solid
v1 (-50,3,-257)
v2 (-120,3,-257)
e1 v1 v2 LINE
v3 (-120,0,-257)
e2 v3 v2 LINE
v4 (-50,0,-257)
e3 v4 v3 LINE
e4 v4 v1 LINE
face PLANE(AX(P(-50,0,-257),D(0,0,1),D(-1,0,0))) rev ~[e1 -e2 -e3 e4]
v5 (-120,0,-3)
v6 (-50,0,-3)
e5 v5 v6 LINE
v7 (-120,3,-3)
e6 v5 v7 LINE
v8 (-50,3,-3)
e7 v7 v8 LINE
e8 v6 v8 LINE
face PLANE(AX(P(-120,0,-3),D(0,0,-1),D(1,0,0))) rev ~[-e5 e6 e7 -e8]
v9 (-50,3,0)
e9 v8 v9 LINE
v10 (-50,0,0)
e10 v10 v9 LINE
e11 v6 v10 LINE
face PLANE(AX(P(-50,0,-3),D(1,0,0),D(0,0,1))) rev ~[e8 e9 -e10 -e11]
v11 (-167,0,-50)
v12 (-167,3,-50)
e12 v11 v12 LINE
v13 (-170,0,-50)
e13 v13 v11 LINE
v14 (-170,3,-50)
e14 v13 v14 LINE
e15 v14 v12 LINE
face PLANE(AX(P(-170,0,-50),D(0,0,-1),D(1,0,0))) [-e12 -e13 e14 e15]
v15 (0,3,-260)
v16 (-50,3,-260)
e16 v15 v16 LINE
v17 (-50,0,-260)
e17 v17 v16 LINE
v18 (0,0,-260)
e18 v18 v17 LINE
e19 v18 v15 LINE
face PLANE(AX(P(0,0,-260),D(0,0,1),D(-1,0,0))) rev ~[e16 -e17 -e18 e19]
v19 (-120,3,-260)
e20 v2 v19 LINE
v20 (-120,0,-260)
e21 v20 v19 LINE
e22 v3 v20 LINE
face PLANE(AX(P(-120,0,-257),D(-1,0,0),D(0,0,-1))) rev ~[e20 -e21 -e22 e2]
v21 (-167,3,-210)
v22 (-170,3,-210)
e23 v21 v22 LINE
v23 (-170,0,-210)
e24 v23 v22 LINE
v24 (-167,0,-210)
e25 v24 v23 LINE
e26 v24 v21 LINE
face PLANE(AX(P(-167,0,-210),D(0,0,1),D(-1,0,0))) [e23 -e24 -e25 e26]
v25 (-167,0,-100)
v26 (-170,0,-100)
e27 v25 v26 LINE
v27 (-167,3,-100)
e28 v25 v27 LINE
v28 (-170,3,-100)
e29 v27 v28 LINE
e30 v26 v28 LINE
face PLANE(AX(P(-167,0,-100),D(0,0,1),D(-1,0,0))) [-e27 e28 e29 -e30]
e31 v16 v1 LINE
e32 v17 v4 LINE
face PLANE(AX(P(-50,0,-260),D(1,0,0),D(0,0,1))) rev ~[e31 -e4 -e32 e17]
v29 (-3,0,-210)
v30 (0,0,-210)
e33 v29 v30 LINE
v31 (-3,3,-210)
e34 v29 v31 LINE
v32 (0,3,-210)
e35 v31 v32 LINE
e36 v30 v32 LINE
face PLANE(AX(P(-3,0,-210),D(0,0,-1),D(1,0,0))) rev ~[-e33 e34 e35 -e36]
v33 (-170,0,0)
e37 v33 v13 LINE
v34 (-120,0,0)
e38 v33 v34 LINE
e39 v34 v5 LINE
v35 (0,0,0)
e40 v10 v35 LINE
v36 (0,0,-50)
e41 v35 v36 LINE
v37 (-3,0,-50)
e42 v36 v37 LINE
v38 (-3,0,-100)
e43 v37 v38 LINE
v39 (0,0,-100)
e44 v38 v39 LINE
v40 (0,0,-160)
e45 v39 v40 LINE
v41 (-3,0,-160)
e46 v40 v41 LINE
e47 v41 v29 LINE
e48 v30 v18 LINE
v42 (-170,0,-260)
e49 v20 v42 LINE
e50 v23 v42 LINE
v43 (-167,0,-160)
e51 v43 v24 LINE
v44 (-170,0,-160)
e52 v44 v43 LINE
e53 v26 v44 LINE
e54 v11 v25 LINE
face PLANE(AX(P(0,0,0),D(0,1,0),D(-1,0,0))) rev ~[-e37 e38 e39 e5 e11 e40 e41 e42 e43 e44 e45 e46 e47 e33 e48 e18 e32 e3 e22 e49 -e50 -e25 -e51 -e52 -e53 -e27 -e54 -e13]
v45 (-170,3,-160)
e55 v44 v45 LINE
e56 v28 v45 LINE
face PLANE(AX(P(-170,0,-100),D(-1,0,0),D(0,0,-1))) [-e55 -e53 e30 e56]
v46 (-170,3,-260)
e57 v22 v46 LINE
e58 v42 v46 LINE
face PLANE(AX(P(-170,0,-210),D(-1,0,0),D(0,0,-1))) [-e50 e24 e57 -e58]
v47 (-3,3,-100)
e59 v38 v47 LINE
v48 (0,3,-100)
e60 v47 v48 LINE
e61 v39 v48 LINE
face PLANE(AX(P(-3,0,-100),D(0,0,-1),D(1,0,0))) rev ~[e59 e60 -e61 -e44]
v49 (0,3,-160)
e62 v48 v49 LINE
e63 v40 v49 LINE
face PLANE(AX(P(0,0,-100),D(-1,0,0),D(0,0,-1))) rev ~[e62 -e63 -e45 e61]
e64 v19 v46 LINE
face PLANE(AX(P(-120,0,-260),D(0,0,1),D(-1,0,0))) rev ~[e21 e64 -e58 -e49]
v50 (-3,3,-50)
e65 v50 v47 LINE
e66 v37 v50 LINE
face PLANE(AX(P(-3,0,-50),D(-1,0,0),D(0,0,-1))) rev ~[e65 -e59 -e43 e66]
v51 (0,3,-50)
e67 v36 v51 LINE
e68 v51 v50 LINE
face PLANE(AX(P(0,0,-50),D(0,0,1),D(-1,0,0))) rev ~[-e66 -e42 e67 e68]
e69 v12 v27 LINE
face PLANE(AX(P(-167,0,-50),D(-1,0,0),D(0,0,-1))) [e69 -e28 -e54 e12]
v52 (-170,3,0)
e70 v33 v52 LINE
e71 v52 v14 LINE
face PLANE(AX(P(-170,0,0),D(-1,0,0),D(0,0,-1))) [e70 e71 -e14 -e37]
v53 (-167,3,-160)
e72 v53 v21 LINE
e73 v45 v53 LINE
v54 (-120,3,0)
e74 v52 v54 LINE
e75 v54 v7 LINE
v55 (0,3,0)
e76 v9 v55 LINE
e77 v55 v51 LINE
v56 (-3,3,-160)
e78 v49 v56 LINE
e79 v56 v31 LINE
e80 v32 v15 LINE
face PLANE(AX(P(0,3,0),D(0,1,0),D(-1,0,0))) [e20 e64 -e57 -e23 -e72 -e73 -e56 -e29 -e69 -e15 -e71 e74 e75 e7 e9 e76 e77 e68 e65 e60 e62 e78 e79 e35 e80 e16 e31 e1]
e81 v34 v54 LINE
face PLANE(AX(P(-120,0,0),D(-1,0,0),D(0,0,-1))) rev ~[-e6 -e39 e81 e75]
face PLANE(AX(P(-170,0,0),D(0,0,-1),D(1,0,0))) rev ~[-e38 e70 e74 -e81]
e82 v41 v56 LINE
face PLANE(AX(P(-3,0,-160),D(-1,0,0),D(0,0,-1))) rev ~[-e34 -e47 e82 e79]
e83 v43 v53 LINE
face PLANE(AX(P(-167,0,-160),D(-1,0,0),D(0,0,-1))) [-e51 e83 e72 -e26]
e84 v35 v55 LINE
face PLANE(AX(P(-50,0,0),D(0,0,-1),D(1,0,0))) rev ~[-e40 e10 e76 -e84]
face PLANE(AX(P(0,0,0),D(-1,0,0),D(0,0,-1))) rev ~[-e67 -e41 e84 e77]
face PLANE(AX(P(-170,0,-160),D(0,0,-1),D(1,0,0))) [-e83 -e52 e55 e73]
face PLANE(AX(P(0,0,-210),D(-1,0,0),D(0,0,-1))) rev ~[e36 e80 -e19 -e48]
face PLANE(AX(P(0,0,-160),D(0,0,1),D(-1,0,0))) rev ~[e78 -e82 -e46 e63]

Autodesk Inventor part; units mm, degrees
ref_plane "YZ Plane" through (0, 0, 0) normal (1, 0, 0) x (0, 1, 0)
ref_plane "XZ Plane" through (0, 0, 0) normal (0, 1, 0) x (-1, 0, 0)
ref_plane "XY Plane" through (0, 0, 0) normal (0, 0, 1) x (1, 0, 0)
sketch "Sketch2" plane through (0, 0, 0) normal (0, 1, 0) x (-1, 0, 0)
  line L0 (0, 0) -> (0, -50)
  line L1 (0, -50) -> (3, -50)
  line L2 (3, -50) -> (3, -100)
  line L3 (3, -100) -> (0, -100)
  line L4 (0, -100) -> (0, -160)
  line L5 (0, -160) -> (3, -160)
  line L6 (3, -160) -> (3, -210)
  line L7 (3, -210) -> (0, -210)
  line L8 (0, -210) -> (0, -260)
  line L9 (0, -260) -> (50, -260)
  line L10 (50, -260) -> (50, -257)
  line L11 (50, -257) -> (120, -257)
  line L12 (120, -257) -> (120, -260)
  line L13 (120, -260) -> (170, -260)
  line L14 (170, 0) -> (120, 0)
  line L15 (120, 0) -> (120, -3)
  line L16 (120, -3) -> (50, -3)
  line L17 (50, -3) -> (50, 0)
  line L18 (50, 0) -> (0, 0)
  line L19 (170, 0) -> (170, -50)
  line L20 (170, -50) -> (167, -50)
  line L21 (167, -50) -> (167, -100)
  line L22 (167, -100) -> (170, -100)
  line L23 (170, -100) -> (170, -160)
  line L24 (170, -160) -> (167, -160)
  line L25 (167, -160) -> (167, -210)
  line L26 (167, -210) -> (170, -210)
  line L27 (170, -210) -> (170, -260)
  dimension "d2" = 50
  dimension "d3" = 3
  dimension "d4" = 50
  dimension "d5" = 3
  dimension "d6" = 60
  dimension "d7" = 50
  dimension "d8" = 50
  dimension "d9" = 50
  dimension "d10" = 3
  dimension "d11" = 70
  dimension "d12" = 50
  dimension "d18" = 50
  dimension "d19" = 3
  dimension "d20" = 70
  dimension "d23" = 50
  dimension "d28" = 50
  dimension "d29" = 3
  dimension "d30" = 50
  dimension "d31" = 3
  dimension "d32" = 60
  dimension "d36" = 3
  dimension "d37" = 50
  dimension "d38" = 3
extrude "Extrusion1" add sketch "Sketch2" along normal blind 3
properties part number "Alas Bawah"
